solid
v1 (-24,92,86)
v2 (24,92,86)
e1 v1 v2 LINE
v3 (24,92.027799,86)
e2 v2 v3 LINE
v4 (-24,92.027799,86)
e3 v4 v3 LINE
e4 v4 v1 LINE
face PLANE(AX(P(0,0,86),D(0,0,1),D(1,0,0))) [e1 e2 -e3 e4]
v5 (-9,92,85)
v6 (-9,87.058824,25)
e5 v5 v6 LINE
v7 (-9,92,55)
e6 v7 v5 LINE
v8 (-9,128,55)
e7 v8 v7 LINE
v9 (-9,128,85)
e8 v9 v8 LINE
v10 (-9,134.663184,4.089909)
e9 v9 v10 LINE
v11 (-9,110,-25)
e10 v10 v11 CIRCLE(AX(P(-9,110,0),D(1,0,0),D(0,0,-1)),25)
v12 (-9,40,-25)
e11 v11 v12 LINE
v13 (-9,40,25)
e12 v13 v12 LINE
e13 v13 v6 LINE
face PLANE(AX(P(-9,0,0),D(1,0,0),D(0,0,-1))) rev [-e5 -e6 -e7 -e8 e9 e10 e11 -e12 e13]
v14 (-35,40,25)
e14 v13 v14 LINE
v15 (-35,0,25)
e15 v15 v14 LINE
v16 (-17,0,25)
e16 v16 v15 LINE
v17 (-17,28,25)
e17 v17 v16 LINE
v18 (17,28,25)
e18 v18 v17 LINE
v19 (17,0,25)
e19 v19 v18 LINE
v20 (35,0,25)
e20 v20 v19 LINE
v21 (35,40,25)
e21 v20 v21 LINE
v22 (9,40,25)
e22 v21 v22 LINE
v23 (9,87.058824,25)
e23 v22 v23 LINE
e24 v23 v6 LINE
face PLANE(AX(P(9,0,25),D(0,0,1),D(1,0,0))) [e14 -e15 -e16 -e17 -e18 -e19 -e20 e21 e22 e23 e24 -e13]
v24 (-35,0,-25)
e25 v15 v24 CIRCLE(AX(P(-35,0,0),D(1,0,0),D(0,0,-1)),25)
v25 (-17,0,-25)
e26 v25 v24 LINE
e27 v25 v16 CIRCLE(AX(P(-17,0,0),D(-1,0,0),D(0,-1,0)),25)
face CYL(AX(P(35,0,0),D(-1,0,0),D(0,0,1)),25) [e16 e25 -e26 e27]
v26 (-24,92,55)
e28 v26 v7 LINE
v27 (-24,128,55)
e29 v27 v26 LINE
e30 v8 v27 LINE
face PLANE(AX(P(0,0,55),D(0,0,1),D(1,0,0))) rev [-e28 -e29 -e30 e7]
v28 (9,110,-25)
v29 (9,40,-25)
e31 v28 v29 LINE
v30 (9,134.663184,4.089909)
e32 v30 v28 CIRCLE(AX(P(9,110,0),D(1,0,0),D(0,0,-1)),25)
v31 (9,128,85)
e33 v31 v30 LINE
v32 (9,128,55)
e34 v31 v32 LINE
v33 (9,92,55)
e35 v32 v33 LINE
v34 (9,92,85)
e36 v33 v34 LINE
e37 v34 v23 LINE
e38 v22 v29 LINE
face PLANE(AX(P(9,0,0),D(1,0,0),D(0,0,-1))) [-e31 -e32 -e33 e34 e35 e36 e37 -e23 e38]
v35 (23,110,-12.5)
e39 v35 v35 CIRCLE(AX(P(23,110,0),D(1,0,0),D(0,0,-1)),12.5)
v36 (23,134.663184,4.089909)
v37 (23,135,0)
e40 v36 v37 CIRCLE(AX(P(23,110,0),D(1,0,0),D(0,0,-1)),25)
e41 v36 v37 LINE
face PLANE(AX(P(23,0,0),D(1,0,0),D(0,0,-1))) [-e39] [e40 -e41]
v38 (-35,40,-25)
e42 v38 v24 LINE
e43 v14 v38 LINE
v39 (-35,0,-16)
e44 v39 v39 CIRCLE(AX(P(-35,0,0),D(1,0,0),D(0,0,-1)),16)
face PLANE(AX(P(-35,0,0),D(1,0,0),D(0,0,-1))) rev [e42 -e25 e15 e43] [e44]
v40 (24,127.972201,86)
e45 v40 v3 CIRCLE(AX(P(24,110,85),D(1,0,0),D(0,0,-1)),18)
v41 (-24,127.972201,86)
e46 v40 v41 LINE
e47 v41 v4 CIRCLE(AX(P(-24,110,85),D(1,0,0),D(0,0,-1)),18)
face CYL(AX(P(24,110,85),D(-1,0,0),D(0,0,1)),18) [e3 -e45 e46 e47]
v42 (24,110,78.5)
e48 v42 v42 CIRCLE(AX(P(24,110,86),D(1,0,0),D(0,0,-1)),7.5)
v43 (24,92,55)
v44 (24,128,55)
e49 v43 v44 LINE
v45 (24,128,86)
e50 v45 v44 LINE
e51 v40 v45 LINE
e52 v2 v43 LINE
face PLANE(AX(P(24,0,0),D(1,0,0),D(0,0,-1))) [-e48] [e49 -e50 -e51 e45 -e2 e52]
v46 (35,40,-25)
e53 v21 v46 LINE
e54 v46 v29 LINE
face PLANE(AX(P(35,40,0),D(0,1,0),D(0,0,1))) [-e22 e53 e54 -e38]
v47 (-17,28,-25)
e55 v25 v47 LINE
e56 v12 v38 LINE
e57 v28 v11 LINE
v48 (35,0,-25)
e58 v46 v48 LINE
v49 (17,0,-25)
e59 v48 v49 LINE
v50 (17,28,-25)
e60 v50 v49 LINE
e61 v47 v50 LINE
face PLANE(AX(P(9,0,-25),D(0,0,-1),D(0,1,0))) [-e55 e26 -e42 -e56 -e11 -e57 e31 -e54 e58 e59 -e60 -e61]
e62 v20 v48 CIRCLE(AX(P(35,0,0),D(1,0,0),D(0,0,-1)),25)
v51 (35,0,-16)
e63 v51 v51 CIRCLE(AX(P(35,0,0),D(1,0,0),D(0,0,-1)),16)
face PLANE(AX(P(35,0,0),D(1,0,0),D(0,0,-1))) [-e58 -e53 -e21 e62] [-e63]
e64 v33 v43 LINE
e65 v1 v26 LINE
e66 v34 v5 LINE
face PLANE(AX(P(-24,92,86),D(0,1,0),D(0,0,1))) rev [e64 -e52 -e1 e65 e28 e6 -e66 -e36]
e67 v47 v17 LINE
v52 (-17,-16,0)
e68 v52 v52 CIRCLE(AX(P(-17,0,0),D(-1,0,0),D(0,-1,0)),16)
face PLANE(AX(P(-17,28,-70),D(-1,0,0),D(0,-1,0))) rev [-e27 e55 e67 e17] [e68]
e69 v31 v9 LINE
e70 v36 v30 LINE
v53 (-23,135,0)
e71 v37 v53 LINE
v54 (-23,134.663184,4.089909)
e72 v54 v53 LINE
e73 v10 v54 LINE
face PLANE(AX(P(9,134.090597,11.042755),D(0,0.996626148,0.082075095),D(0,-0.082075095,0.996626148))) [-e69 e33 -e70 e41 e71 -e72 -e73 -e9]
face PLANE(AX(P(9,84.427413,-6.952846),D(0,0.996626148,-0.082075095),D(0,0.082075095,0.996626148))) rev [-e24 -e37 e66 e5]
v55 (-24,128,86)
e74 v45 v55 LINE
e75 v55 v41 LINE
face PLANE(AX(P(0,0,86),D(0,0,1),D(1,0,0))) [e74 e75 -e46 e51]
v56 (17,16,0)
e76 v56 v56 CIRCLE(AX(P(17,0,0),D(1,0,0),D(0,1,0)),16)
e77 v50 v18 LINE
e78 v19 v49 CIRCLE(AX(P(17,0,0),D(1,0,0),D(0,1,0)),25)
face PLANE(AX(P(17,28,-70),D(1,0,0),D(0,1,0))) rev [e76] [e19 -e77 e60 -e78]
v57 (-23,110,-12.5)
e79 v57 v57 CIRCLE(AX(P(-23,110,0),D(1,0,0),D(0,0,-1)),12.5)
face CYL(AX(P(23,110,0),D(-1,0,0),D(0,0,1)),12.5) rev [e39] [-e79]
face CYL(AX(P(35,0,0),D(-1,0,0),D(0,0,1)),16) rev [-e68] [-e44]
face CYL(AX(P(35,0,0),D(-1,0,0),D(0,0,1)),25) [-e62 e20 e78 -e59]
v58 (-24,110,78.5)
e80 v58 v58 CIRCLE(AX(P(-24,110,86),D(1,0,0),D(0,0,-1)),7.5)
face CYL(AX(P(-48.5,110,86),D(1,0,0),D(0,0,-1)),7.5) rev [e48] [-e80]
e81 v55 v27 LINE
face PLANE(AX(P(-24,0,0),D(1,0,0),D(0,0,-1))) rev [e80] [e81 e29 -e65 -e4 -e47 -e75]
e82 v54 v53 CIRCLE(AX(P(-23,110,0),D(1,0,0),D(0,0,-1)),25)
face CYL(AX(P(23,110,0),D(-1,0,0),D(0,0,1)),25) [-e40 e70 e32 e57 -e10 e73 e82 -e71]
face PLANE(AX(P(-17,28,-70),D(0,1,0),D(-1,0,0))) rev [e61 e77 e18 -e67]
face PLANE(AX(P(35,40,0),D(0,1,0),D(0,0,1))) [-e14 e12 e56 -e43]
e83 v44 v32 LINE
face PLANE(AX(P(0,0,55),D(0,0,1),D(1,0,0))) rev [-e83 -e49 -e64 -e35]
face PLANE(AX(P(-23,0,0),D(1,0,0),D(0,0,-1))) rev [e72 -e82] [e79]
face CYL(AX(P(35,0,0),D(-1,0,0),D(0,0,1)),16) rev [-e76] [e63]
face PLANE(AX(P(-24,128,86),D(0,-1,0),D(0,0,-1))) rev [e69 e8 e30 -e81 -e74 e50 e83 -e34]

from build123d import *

# Parameters (mm, degrees)
ESBO_O1_R                = 7.5
RESSALTO_EXTRUS_O1_DEPTH = 24
RESSALTO_EXTRUS_O2_DEPTH = 9
ESBO_O1_4_R              = 12.5
RESSALTO_EXTRUS_O3_DEPTH = 23
ESBO_O1_5_R              = 16
RESSALTO_EXTRUS_O4_DEPTH = 35
ESBO_O2_W                = 34
ESBO_O2_H                = 66.30992931
CORTE_EXTRUS_O1_DEPTH    = 70
ESBO_O3_W                = 48
ESBO_O3_H                = 36
RESSALTO_EXTRUS_O7_DEPTH = 31
ESBO_O4_R                = 7.5
CORTE_EXTRUS_O2_DEPTH    = 48.5


with BuildPart() as part:
    # Esboço1 → Ressalto-extrusão1 (new, symmetric)
    with BuildSketch(Plane(origin=(0, 0, 0), x_dir=(0, 0, -1), z_dir=(1, 0, 0))):
        with BuildLine():
            ThreePointArc((-67, 110), (-72.272077939, 122.727922061), (-85, 128))
            ThreePointArc((-85, 128), (-103, 110), (-85, 92))
            ThreePointArc((-85, 92), (-72.272077939, 97.272077939), (-67, 110))
        make_face()
        with Locations((-85, 110)):
            Circle(ESBO_O1_R, mode=Mode.SUBTRACT)
    extrude(amount=RESSALTO_EXTRUS_O1_DEPTH, both=True)

    # Esboço1<3> → Ressalto-extrusão2 (add, symmetric)
    with BuildSketch(Plane(origin=(0, 0, 0), x_dir=(0, 0, -1), z_dir=(1, 0, 0))):
        with BuildLine():
            Line((25, 40), (25, 110))
            ThreePointArc((25, 110), (-16.167131291, 90.931075913), (-4.089909266, 134.663183943))
            Line((-4.089909266, 134.663183943), (-85, 128))
            ThreePointArc((-85, 128), (-72.272077939, 122.727922061), (-67, 110))
            ThreePointArc((-67, 110), (-72.272077939, 97.272077939), (-85, 92))
            Line((-85, 92), (-25, 87.058823529))
            Line((-25, 87.058823529), (-25, 40))
            Line((-25, 40), (25, 40))
        make_face()
    extrude(amount=RESSALTO_EXTRUS_O2_DEPTH, both=True)

    # Esboço1<4> → Ressalto-extrusão3 (add, symmetric)
    with BuildSketch(Plane(origin=(0, 0, 0), x_dir=(0, 0, -1), z_dir=(1, 0, 0))):
        with BuildLine():
            ThreePointArc((-4.089909266, 134.663183943), (-16.167131291, 90.931075913), (25, 110))
            ThreePointArc((25, 110), (17.67766953, 127.67766953), (0, 135))
            Line((0, 135), (-4.089909266, 134.663183943))
        make_face()
        with Locations((0, 110)):
            Circle(ESBO_O1_4_R, mode=Mode.SUBTRACT)
    extrude(amount=RESSALTO_EXTRUS_O3_DEPTH, both=True)

    # Esboço1<5> → Ressalto-extrusão4 (add, symmetric)
    with BuildSketch(Plane(origin=(0, 0, 0), x_dir=(0, 0, -1), z_dir=(1, 0, 0))):
        with BuildLine():
            Line((25, 0), (25, 40))
            Line((25, 40), (-25, 40))
            Line((-25, 40), (-25, 0))
            ThreePointArc((-25, 0), (0, -25), (25, 0))
        make_face()
        Circle(ESBO_O1_5_R, mode=Mode.SUBTRACT)
    extrude(amount=RESSALTO_EXTRUS_O4_DEPTH, both=True)

    # Esboço2 → Corte-extrusão1 (cut, symmetric)
    with BuildSketch(Plane.XY):
        with Locations((0, -5.154964655)):
            Rectangle(ESBO_O2_W, ESBO_O2_H)
    extrude(amount=CORTE_EXTRUS_O1_DEPTH, both=True, mode=Mode.SUBTRACT)

    # Esboço3 → Ressalto-extrusão7 (add)
    with BuildSketch(Plane.XY.offset(55)):
        with Locations((0, 110)):
            Rectangle(ESBO_O3_W, ESBO_O3_H)
    extrude(amount=RESSALTO_EXTRUS_O7_DEPTH)

    # Esboço4 → Corte-extrusão2 (cut, symmetric)
    with BuildSketch(Plane(origin=(0, 0, 0), x_dir=(0, 0, -1), z_dir=(1, 0, 0))):
        with Locations((-86, 110)):
            Circle(ESBO_O4_R)
    extrude(amount=CORTE_EXTRUS_O2_DEPTH, both=True, mode=Mode.SUBTRACT)


solid = part.part
